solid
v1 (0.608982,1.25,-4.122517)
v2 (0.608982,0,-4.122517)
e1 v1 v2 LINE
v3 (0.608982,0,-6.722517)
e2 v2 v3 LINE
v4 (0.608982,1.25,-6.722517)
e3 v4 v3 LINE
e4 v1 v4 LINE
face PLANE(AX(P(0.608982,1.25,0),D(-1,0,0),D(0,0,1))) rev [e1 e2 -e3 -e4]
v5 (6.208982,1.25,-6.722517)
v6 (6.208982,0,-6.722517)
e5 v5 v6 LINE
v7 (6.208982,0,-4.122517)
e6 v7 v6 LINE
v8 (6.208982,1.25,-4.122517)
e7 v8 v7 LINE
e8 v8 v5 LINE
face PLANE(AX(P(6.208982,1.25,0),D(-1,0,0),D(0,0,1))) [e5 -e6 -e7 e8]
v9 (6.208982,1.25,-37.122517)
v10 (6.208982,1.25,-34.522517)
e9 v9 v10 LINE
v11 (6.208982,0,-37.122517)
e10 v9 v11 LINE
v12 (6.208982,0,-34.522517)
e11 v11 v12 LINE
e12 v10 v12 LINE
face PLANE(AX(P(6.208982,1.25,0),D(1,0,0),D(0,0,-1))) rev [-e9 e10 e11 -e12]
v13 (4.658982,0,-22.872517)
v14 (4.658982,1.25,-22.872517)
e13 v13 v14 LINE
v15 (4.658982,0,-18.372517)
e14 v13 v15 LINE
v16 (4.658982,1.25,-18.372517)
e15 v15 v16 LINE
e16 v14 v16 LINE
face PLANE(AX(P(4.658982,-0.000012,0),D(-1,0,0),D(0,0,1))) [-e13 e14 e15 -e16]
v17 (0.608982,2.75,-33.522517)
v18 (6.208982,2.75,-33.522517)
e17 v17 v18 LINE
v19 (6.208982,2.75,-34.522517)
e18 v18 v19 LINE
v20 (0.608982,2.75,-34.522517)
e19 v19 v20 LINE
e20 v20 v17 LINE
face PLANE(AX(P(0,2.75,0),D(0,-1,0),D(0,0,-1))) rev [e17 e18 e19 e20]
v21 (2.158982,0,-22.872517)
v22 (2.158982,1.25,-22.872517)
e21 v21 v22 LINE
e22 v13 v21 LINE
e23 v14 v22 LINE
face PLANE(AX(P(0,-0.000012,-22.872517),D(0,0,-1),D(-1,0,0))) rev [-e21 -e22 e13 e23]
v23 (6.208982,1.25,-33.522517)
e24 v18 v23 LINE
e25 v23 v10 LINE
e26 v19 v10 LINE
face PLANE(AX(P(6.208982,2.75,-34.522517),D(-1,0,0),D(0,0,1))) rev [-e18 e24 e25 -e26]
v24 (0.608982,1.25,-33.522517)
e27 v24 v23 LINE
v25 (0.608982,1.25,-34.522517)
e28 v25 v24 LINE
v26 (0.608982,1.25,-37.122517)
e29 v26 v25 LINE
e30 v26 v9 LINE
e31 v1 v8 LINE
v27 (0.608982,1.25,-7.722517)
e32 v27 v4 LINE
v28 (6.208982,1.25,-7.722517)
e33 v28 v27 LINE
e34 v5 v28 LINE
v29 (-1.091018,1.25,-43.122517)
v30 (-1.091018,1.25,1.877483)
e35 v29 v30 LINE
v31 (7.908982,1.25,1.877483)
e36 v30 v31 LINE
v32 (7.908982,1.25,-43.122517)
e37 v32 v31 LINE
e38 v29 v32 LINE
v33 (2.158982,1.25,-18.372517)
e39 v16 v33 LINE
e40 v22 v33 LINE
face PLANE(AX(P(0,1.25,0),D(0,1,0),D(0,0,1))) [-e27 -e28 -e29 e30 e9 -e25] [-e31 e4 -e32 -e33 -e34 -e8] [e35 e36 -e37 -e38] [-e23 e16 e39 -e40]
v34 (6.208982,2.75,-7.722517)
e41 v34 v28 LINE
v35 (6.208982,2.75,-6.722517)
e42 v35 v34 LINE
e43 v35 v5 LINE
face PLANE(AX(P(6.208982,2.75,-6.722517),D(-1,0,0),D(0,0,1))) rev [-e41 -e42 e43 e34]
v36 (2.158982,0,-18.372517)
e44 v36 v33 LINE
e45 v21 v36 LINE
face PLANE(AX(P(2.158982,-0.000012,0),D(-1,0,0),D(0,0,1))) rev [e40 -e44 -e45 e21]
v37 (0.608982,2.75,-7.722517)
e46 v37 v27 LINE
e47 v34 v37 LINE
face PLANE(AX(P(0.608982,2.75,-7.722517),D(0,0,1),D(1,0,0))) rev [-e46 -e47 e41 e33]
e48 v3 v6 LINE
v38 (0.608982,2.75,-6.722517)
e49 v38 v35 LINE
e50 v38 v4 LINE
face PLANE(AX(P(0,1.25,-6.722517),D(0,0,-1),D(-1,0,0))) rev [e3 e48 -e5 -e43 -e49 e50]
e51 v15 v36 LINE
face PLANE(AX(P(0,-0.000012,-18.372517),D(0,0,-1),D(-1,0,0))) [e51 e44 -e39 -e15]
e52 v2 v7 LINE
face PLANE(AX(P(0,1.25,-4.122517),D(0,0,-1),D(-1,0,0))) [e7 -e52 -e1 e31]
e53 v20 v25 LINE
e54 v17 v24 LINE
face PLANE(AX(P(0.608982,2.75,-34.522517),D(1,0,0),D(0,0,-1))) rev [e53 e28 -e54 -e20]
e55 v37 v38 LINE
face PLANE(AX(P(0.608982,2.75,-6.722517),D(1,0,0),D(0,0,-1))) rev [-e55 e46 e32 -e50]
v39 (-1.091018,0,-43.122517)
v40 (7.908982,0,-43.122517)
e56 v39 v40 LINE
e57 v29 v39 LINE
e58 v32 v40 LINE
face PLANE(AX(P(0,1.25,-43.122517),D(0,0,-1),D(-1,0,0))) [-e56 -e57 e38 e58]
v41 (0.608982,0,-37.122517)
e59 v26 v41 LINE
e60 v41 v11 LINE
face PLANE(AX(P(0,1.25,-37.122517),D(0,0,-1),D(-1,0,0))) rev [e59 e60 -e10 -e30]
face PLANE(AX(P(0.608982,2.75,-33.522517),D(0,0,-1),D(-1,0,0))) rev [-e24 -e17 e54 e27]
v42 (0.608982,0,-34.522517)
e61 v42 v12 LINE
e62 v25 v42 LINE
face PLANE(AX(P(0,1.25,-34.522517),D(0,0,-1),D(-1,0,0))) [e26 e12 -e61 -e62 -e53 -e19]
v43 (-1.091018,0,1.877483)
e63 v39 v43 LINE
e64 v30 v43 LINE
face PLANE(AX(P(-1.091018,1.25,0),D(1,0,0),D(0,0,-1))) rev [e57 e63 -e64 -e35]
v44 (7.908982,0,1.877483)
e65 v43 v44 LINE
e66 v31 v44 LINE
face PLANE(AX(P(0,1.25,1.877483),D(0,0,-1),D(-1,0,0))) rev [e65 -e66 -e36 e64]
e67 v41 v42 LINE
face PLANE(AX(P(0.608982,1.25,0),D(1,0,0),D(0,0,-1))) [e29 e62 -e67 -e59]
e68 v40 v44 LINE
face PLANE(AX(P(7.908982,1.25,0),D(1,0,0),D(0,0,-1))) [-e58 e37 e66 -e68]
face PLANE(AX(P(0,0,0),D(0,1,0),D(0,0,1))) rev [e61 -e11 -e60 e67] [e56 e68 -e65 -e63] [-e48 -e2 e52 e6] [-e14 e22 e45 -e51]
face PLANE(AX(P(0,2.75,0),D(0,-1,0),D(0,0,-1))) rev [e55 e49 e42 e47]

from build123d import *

# Parameters (mm, degrees)
ESQUISSE1_W                  = 9
ESQUISSE1_H                  = 45
ESQUISSE1_W_2                = 5.6
ESQUISSE1_H_2                = 2.6
BOSS_EXTRU_1_DEPTH           = 1.25
ENL_V_MAT_EXTRU_1_DEPTH      = 44.859616193
ENL_V_MAT_EXTRU_1_DEPTH_BACK = 44.859616193
ESQUISSE2_W                  = 2.5
ESQUISSE2_H                  = 4.5
ESQUISSE3_W                  = 5.6
ESQUISSE3_H                  = 1
BOSS_EXTRU_2_DEPTH           = 1.5


with BuildPart() as part:
    # Esquisse1 → Boss.-Extru.1 (new body)
    with BuildSketch(Plane(origin=(0, 0, 0), x_dir=(1, 0, 0), z_dir=(0, 1, 0))):
        with Locations((3.408982136, 20.622516556)):
            Rectangle(ESQUISSE1_W, ESQUISSE1_H)
        with Locations((3.408982136, 35.822516556)):
            Rectangle(ESQUISSE1_W_2, ESQUISSE1_H_2, mode=Mode.SUBTRACT)
        with Locations((3.408982136, 5.422516556)):
            Rectangle(ESQUISSE1_W_2, ESQUISSE1_H_2, mode=Mode.SUBTRACT)
    extrude(amount=BOSS_EXTRU_1_DEPTH)

    # Esquisse2 → Enlèv. mat.-Extru.1 (cut, two sides: drawn at the far end of the back side and taken through both)
    with BuildSketch(Plane.XZ.offset(-ENL_V_MAT_EXTRU_1_DEPTH_BACK)):
        with Locations((3.408982136, -20.622516556)):
            Rectangle(ESQUISSE2_W, ESQUISSE2_H)
    extrude(amount=ENL_V_MAT_EXTRU_1_DEPTH + ENL_V_MAT_EXTRU_1_DEPTH_BACK, mode=Mode.SUBTRACT)

    # Esquisse3 → Boss.-Extru.2 (add)
    with BuildSketch(Plane(origin=(0, 1.25, 0), x_dir=(1, 0, 0), z_dir=(0, 1, 0))):
        with Locations((3.408982136, 7.222516556)):
            Rectangle(ESQUISSE3_W, ESQUISSE3_H)
        with Locations((3.408982136, 34.022516556)):
            Rectangle(ESQUISSE3_W, ESQUISSE3_H)
    extrude(amount=BOSS_EXTRU_2_DEPTH)


solid = part.part
